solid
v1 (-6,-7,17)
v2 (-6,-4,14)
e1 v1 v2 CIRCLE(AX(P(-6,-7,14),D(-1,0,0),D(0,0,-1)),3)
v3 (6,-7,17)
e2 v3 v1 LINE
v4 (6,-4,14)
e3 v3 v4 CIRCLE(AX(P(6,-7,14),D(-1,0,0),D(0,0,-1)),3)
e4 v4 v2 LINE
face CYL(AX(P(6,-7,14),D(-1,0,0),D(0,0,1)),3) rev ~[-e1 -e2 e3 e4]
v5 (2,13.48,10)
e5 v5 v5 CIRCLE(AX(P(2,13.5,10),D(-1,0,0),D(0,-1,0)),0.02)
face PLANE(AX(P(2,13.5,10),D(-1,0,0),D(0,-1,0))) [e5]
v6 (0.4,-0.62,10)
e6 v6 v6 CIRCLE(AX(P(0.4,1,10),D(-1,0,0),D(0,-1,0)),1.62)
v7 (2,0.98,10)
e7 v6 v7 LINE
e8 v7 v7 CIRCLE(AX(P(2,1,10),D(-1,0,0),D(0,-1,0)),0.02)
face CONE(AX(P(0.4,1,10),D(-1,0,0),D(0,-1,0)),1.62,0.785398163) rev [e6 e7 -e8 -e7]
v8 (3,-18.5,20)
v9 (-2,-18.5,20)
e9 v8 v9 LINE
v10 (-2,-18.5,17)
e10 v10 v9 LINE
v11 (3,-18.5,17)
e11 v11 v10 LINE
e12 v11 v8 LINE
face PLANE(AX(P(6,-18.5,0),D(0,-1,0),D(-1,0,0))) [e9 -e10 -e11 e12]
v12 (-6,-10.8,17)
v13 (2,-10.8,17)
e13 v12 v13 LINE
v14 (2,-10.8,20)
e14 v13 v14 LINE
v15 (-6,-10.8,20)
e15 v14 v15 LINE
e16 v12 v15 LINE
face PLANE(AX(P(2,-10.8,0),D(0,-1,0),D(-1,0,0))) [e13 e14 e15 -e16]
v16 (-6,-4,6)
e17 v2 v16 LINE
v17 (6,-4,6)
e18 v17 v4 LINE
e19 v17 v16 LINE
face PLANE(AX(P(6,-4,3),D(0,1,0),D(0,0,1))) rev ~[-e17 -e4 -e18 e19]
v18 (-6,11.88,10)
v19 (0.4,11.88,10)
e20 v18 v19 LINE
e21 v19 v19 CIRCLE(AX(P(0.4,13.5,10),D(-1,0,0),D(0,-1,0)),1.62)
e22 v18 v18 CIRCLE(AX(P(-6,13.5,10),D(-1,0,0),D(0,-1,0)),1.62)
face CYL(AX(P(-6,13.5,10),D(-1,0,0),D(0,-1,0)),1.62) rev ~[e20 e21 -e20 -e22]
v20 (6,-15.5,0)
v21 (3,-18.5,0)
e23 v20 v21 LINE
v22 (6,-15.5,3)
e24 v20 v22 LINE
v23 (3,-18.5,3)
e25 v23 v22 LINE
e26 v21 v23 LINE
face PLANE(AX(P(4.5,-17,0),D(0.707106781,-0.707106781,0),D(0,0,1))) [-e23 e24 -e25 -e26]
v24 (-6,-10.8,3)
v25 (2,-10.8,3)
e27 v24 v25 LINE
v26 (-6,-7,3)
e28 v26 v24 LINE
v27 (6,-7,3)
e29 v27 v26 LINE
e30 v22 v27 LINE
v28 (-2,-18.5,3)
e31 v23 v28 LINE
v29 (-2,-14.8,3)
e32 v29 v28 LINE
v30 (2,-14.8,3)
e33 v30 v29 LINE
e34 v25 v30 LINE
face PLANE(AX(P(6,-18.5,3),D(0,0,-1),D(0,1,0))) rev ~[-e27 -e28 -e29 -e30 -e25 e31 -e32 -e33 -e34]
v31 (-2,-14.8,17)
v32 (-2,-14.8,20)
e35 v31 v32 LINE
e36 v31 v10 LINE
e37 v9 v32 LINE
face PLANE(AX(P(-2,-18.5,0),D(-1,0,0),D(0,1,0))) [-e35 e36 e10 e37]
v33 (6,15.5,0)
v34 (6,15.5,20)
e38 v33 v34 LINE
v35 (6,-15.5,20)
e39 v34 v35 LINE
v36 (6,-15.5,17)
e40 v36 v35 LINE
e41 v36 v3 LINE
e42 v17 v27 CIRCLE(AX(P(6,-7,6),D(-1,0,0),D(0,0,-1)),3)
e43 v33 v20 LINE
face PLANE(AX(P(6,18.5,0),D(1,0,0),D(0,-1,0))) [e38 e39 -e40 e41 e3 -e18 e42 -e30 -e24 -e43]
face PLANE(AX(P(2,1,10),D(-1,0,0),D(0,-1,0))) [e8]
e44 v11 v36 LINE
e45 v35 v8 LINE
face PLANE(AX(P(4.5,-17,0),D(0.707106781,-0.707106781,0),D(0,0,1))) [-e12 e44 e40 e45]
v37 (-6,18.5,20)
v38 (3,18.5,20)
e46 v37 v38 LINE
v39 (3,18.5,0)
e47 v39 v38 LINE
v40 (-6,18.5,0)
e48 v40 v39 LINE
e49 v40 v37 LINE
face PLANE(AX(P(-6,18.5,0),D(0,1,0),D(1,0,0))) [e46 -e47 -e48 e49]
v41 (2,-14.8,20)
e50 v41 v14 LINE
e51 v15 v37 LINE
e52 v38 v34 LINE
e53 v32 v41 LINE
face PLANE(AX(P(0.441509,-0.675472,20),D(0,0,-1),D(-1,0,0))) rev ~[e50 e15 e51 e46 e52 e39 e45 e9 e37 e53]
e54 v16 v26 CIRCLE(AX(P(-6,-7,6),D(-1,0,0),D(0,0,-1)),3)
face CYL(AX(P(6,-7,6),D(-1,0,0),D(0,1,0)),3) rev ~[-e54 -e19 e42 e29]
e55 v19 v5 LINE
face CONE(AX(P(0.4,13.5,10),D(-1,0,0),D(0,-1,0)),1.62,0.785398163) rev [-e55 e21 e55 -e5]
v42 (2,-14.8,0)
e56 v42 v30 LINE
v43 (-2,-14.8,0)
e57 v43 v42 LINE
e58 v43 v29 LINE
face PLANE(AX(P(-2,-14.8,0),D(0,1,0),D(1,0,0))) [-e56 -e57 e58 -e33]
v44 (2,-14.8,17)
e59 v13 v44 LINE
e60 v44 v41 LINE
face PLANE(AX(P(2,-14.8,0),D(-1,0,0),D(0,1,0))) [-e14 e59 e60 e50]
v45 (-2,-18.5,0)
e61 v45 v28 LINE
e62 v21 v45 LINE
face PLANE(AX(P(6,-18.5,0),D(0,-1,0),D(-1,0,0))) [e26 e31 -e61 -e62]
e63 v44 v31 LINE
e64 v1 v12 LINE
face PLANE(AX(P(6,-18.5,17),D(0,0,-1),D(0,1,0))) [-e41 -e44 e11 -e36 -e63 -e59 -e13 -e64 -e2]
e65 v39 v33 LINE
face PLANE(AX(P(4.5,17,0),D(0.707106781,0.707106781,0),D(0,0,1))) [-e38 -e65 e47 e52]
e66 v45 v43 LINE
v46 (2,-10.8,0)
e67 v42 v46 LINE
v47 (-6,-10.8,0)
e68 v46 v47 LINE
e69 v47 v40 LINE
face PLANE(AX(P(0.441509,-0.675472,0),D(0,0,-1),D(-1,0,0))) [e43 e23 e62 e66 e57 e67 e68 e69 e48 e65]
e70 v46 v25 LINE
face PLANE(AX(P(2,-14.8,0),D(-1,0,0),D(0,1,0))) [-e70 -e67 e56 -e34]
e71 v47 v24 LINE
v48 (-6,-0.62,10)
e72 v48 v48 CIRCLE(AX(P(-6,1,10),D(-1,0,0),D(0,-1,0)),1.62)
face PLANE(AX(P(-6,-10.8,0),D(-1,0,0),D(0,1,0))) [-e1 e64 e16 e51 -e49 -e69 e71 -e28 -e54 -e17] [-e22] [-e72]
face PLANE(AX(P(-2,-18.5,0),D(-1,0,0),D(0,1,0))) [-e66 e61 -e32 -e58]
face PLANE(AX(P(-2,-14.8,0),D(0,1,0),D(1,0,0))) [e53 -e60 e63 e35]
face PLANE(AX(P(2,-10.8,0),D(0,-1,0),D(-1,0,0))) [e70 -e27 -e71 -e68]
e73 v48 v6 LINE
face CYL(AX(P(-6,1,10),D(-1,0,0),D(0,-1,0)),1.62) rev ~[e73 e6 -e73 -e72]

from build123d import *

# Parameters (mm, degrees)
PAD_DEPTH       = 20
CHAMFER_SIZE    = 3
SKETCH001_R     = 1.62
POCKET_DEPTH    = 8
CHAMFER001_SIZE = 1.6
SKETCH002_W     = 14.5
SKETCH002_H     = 14
POCKET001_DEPTH = 12.001
FILLET_R        = 3


with BuildPart() as part:
    # Sketch → Pad (new body)
    with BuildSketch(Plane.XY):
        Polygon((-6, 18.5), (6, 18.5), (6, -18.5), (-2, -18.5), (-2, -14.8), (2, -14.8), (2, -10.8), (-6, -10.8), align=None)
    extrude(amount=PAD_DEPTH)

    # Chamfer
    chamfer_edges = [part.edges().sort_by_distance(p)[0] for p in [
        (6, -18.5, 10),
        (6, 18.5, 10),
    ]]
    chamfer(chamfer_edges, length=CHAMFER_SIZE)

    # Sketch001 → Pocket (cut)
    with BuildSketch(Plane(origin=(-6, 0, 0), x_dir=(0, -1, 0), z_dir=(-1, 0, 0))):
        with Locations((-13.5, 10)):
            Circle(SKETCH001_R)
        with Locations((-1, 10)):
            Circle(SKETCH001_R)
    extrude(amount=-POCKET_DEPTH, mode=Mode.SUBTRACT)

    # Chamfer001
    chamfer001_edges = [part.edges().sort_by_distance(p)[0] for p in [
        (2, 2.62, 10),
        (2, 15.12, 10),
    ]]
    chamfer(chamfer001_edges, length=CHAMFER001_SIZE)

    # Sketch002 → Pocket001 (cut, through all)
    with BuildSketch(Plane.YZ.offset(6)):
        with Locations((-11.25, 10)):
            Rectangle(SKETCH002_W, SKETCH002_H)
    extrude(amount=-POCKET001_DEPTH, mode=Mode.SUBTRACT)

    # Fillet
    fillet_edges = [part.edges().sort_by_distance(p)[0] for p in [
        (0, -4, 17),
        (0, -4, 3),
    ]]
    fillet(fillet_edges, radius=FILLET_R)


solid = part.part
